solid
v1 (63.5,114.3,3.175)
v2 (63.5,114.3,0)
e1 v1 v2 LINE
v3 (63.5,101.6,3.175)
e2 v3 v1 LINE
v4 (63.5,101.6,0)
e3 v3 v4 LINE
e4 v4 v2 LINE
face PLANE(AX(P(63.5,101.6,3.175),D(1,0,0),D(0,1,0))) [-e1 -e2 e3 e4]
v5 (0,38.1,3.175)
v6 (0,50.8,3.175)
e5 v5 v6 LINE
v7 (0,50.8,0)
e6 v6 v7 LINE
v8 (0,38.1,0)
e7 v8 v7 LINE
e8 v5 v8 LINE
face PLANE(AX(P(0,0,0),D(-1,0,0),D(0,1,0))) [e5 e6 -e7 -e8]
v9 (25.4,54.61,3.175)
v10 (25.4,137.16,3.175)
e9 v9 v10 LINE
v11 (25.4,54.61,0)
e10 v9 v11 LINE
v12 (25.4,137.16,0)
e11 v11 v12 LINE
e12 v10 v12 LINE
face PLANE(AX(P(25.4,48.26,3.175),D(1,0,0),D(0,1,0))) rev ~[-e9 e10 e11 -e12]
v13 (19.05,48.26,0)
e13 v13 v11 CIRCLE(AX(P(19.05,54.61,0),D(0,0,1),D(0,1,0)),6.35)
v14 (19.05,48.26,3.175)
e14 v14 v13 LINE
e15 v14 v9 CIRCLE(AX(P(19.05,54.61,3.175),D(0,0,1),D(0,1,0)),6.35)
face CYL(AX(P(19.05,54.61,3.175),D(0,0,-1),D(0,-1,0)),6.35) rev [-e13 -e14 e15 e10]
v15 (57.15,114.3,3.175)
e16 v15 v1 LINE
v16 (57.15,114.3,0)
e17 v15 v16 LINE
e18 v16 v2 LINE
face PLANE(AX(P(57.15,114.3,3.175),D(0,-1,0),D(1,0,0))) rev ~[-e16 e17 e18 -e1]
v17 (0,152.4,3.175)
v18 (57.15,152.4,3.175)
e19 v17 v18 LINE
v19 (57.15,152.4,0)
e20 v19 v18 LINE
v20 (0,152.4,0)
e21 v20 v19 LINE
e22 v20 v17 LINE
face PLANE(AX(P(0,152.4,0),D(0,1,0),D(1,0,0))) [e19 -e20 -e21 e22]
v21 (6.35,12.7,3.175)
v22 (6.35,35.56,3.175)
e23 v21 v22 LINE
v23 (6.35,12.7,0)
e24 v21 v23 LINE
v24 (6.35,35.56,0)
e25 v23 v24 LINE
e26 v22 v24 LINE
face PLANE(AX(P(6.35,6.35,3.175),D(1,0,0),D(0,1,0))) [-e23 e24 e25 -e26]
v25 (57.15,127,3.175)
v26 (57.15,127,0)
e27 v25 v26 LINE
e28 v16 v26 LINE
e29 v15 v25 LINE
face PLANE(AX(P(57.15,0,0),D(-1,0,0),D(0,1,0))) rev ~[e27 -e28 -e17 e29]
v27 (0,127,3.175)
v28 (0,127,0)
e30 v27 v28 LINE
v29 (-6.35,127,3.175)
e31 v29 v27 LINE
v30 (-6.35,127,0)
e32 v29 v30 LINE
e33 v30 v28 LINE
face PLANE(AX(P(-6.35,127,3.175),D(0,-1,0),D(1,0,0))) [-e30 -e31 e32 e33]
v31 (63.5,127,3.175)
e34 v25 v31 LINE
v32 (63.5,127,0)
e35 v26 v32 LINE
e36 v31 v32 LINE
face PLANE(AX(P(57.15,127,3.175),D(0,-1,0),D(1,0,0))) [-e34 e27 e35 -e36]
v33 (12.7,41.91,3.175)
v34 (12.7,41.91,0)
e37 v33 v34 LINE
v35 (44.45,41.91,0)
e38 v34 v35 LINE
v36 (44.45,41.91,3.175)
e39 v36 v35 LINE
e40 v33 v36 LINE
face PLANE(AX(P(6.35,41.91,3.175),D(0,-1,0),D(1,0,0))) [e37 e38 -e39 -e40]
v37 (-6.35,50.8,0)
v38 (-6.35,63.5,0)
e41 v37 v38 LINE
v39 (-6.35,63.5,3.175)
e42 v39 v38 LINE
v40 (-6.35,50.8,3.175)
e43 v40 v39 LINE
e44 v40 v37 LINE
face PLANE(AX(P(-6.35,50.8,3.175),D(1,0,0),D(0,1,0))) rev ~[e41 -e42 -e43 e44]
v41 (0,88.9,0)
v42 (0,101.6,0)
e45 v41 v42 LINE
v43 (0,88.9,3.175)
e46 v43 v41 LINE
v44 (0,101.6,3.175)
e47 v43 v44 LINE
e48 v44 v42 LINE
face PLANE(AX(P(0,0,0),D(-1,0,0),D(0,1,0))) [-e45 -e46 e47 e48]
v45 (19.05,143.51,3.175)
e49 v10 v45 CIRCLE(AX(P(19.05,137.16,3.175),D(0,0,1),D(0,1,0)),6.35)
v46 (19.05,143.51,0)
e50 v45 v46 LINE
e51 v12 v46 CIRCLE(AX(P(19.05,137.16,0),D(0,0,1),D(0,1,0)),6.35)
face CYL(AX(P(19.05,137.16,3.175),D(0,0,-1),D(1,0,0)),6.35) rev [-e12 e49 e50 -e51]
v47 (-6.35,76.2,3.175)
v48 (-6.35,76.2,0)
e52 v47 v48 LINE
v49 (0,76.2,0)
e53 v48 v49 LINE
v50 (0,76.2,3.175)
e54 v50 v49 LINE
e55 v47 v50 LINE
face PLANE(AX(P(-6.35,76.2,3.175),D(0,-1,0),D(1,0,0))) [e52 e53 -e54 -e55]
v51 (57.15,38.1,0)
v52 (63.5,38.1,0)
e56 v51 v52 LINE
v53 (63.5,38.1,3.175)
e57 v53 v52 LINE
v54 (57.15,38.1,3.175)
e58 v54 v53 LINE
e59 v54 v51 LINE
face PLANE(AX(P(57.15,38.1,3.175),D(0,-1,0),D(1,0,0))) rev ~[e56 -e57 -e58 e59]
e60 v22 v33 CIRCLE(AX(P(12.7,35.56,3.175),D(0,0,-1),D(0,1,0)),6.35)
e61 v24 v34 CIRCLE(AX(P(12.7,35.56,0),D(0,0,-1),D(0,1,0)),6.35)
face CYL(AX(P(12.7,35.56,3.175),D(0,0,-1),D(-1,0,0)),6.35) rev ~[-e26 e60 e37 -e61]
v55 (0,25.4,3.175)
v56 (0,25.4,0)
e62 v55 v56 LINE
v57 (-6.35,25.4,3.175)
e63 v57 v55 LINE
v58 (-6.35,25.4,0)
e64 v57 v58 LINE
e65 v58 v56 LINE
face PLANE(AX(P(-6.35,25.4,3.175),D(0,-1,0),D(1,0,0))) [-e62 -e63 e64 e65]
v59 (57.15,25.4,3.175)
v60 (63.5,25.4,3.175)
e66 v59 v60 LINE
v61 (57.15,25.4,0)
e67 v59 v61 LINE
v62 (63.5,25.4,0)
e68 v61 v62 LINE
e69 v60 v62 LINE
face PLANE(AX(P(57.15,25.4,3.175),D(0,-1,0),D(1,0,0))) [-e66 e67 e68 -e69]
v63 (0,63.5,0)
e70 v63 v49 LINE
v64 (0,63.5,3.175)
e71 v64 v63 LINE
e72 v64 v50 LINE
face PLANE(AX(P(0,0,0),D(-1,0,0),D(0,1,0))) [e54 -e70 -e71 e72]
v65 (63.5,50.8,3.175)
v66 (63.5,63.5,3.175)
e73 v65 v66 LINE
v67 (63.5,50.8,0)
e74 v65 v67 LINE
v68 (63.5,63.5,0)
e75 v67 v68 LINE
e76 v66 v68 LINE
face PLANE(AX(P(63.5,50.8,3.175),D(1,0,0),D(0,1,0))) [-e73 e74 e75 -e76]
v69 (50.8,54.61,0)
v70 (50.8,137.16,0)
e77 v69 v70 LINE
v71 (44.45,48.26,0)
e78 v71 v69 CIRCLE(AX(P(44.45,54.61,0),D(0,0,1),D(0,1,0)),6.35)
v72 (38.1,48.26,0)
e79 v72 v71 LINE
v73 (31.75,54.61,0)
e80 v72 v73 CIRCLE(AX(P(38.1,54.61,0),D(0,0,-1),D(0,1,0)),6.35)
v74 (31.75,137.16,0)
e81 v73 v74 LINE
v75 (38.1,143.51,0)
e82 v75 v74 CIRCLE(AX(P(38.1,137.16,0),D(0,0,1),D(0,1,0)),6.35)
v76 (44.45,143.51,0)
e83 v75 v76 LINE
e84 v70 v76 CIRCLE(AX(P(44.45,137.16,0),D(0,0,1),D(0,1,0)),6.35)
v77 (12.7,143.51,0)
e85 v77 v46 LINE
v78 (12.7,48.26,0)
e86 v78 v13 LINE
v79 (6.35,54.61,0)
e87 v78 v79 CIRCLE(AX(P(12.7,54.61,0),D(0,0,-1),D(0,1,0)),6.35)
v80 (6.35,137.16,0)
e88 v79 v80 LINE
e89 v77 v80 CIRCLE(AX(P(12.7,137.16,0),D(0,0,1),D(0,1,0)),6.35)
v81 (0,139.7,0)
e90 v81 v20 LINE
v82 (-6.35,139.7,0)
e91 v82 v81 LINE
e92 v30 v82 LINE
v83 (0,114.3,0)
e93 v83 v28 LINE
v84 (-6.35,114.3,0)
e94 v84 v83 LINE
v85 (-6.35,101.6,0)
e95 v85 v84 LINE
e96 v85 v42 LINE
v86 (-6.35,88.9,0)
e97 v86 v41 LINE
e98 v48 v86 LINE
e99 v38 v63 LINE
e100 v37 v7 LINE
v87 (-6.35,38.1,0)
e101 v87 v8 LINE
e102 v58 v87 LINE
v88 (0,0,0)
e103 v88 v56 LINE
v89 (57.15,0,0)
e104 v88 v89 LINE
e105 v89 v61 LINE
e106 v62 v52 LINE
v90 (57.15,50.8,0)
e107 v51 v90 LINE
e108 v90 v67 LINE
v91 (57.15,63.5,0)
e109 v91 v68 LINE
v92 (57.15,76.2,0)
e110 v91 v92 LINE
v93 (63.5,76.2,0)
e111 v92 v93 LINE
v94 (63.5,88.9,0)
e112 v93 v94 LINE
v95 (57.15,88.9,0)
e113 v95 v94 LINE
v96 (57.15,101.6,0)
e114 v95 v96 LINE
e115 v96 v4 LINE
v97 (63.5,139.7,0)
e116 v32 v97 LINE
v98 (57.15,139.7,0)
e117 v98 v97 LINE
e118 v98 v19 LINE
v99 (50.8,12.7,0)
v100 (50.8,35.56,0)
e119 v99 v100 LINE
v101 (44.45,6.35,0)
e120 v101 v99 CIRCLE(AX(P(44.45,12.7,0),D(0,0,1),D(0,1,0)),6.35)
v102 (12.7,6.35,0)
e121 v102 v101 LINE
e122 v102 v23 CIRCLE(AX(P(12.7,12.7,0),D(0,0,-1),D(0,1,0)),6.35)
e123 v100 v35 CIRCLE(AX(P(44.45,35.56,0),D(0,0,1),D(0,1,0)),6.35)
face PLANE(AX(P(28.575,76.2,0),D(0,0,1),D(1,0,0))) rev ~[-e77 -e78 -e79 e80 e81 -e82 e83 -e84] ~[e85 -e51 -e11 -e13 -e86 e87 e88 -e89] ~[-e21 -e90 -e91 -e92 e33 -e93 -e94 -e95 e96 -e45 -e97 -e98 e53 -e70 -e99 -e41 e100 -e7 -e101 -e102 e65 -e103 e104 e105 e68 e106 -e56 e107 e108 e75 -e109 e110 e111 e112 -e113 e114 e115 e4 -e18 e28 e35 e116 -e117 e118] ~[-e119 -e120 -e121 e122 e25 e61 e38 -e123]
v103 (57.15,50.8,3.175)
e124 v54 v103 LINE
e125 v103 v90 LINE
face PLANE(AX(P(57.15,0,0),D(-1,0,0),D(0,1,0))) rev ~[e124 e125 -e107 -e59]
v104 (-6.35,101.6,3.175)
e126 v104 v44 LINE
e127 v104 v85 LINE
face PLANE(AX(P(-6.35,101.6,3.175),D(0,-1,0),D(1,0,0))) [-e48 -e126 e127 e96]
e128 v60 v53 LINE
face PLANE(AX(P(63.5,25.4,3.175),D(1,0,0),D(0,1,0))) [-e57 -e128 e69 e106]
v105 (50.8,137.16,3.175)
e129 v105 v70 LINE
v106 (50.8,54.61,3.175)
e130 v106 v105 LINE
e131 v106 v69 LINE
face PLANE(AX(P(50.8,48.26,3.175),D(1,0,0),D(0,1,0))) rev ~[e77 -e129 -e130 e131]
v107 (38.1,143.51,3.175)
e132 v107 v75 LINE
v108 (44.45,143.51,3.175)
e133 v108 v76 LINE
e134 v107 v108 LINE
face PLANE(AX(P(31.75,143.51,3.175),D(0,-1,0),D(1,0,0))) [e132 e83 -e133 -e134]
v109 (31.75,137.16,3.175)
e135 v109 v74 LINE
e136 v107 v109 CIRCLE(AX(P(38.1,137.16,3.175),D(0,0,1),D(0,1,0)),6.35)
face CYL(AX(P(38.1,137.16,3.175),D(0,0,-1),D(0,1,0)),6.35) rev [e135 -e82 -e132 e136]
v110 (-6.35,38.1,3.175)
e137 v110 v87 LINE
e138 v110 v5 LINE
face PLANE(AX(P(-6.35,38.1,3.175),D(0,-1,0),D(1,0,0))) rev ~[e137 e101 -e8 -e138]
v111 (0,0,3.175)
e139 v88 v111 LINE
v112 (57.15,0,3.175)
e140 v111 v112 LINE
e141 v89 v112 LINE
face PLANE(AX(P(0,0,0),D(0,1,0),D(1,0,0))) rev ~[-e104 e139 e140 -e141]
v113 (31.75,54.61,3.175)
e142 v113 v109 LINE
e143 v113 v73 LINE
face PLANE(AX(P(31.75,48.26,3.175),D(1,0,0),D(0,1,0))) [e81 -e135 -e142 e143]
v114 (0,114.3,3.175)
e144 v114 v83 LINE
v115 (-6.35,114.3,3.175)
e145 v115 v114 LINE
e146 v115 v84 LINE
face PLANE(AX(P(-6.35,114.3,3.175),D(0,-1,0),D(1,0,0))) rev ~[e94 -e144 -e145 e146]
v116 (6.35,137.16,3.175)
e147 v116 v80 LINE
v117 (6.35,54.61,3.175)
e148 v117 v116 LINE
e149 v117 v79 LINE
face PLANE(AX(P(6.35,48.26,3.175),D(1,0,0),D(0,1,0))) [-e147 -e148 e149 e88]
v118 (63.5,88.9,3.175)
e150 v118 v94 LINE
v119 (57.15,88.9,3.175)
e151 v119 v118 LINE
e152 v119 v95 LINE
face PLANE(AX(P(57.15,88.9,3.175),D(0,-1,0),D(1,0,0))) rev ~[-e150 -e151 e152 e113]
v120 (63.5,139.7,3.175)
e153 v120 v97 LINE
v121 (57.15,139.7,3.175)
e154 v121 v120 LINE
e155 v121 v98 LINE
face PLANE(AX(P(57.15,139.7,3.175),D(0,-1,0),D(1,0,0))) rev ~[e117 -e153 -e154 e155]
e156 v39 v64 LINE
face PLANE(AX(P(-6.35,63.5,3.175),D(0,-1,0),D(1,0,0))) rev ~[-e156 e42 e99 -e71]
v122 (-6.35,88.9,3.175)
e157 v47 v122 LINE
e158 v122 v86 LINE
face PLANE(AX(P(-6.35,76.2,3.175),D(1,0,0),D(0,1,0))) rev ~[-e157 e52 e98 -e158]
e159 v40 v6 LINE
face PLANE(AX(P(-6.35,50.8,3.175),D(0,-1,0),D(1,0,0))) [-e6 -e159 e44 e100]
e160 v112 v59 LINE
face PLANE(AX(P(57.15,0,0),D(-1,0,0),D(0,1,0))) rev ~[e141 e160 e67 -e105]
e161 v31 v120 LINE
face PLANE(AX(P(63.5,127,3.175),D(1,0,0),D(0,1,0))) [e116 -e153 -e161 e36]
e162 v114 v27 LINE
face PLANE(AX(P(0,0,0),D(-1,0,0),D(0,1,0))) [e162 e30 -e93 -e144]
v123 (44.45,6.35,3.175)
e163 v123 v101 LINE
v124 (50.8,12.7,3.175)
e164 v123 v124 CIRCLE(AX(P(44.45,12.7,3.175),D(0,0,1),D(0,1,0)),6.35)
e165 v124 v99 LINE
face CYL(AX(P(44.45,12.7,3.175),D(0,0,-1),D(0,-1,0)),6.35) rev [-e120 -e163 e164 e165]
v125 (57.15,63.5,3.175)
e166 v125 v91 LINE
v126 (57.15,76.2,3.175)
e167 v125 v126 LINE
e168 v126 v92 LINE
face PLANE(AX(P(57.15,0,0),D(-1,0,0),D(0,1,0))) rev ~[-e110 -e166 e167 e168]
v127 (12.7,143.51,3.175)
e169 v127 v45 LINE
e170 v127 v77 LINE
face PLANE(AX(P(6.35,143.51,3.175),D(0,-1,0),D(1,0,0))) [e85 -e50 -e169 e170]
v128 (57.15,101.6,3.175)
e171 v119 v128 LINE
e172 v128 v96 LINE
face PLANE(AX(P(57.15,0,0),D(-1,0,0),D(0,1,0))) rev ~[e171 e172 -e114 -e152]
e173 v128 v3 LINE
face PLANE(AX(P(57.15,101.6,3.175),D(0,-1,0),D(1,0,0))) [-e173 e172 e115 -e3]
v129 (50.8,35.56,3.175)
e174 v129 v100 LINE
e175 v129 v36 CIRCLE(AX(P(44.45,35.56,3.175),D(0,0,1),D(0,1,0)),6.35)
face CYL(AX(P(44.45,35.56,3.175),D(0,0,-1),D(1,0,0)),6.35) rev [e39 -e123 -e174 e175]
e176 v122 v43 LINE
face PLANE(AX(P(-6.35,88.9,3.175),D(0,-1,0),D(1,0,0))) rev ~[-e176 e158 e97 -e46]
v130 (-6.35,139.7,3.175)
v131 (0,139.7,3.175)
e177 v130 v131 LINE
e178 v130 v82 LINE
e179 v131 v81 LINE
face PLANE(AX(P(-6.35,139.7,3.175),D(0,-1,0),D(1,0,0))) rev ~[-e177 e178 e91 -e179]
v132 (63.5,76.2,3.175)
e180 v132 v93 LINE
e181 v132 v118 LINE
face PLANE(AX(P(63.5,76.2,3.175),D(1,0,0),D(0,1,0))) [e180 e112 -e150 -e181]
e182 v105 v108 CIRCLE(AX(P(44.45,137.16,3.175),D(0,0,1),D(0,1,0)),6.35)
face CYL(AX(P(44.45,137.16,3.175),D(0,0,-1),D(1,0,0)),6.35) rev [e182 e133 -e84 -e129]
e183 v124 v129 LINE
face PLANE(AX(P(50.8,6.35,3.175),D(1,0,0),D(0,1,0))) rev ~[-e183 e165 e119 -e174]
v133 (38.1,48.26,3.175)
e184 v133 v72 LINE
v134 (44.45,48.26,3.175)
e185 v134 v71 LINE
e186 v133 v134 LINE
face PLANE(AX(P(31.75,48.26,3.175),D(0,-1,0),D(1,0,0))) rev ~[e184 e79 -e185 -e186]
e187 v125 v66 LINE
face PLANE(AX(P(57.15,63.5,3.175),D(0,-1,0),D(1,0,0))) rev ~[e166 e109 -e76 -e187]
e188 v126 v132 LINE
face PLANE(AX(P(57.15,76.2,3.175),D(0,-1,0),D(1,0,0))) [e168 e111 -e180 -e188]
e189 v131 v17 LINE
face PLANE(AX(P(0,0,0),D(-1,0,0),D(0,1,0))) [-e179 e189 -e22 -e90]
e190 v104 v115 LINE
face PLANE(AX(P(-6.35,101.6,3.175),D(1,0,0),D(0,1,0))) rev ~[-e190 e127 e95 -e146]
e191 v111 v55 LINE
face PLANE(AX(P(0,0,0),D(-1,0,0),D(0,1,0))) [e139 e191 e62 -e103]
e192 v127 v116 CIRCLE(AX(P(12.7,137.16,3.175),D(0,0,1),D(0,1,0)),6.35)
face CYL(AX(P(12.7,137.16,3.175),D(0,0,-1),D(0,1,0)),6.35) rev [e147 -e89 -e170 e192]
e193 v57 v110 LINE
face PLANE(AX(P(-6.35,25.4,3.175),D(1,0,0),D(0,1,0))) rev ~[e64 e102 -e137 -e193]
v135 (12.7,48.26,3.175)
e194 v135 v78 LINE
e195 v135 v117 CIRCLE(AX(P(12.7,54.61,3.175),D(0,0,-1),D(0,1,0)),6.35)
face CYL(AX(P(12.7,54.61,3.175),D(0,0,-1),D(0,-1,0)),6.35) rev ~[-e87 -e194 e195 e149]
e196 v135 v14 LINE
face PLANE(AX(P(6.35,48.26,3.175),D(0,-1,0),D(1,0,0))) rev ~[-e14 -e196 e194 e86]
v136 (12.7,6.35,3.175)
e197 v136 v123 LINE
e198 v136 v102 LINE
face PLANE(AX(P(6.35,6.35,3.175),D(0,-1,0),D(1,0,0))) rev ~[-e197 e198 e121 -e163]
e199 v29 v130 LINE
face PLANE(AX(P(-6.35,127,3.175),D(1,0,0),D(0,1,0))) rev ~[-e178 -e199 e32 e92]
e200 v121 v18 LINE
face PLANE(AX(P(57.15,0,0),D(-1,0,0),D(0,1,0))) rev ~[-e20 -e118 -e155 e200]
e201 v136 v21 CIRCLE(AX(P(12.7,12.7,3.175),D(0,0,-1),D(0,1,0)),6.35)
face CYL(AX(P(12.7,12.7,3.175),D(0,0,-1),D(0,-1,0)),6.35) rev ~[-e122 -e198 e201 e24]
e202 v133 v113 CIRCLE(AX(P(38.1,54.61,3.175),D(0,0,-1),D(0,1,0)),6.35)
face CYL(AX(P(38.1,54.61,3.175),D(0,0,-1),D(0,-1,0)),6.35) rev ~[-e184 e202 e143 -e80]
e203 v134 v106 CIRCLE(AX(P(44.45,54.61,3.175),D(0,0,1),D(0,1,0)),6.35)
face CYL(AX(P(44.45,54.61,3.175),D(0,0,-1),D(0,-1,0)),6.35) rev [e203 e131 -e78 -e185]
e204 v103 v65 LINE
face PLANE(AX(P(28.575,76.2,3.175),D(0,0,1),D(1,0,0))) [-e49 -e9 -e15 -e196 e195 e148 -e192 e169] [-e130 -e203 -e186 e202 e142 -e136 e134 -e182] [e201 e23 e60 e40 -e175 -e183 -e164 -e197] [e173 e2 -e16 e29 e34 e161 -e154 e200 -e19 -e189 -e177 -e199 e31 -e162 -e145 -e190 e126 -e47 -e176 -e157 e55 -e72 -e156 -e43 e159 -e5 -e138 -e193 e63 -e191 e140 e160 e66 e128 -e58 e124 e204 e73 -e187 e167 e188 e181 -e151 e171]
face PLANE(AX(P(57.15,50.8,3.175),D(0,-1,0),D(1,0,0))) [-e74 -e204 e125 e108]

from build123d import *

# Parameters (mm, degrees)
SKETCH1_W           = 57.15
SKETCH1_H           = 152.4
BOSS_EXTRUDE1_DEPTH = 3.175
SKETCH2_W           = 6.35
SKETCH2_H           = 12.7
BOSS_EXTRUDE2_DEPTH = 3.175
LPATTERN1_COUNT     = 5
LPATTERN1_PITCH     = 25.4
SKETCH3_W           = 44.45
SKETCH3_H           = 35.56
CUT_EXTRUDE1_DEPTH  = 3.175
SKETCH4_W           = 19.05
SKETCH4_H           = 95.25
CUT_EXTRUDE2_DEPTH  = 3.175
FILLET1_R           = 6.35


with BuildPart() as part:
    # Sketch1 → Boss-Extrude1 (new body)
    with BuildSketch(Plane.XY):
        with Locations((28.575, 76.2)):
            Rectangle(SKETCH1_W, SKETCH1_H)
    extrude(amount=BOSS_EXTRUDE1_DEPTH)

    # Sketch2 → Boss-Extrude2 (add)
    with BuildSketch(Plane.XY.offset(3.175)):
        with Locations((-3.175, 133.35)):
            Rectangle(SKETCH2_W, SKETCH2_H)
        with Locations((60.325, 133.35)):
            Rectangle(SKETCH2_W, SKETCH2_H)
    boss_extrude2 = extrude(amount=-BOSS_EXTRUDE2_DEPTH)

    # LPattern1: Boss-Extrude2 ×5
    with Locations(*[(0, -i * LPATTERN1_PITCH, 0) for i in range(1, LPATTERN1_COUNT)]):
        add(boss_extrude2)

    # Sketch3 → Cut-Extrude1 (cut)
    with BuildSketch(Plane.XY.offset(3.175)):
        with Locations((28.575, 24.13)):
            Rectangle(SKETCH3_W, SKETCH3_H)
    extrude(amount=-CUT_EXTRUDE1_DEPTH, mode=Mode.SUBTRACT)

    # Sketch4 → Cut-Extrude2 (cut)
    with BuildSketch(Plane.XY.offset(3.175)):
        with Locations((15.875, 95.885)):
            Rectangle(SKETCH4_W, SKETCH4_H)
        with Locations((41.275, 95.885)):
            Rectangle(SKETCH4_W, SKETCH4_H)
    extrude(amount=-CUT_EXTRUDE2_DEPTH, mode=Mode.SUBTRACT)

    # Fillet1
    fillet1_edges = [part.edges().sort_by_distance(p)[0] for p in [
        (6.35, 6.35, 1.5875),
        (6.35, 41.91, 1.5875),
        (50.8, 41.91, 1.5875),
        (50.8, 6.35, 1.5875),
        (6.35, 48.26, 1.5875),
        (6.35, 143.51, 1.5875),
        (25.4, 143.51, 1.5875),
        (25.4, 48.26, 1.5875),
        (31.75, 48.26, 1.5875),
        (31.75, 143.51, 1.5875),
        (50.8, 143.51, 1.5875),
        (50.8, 48.26, 1.5875),
    ]]
    fillet(fillet1_edges, radius=FILLET1_R)


solid = part.part
